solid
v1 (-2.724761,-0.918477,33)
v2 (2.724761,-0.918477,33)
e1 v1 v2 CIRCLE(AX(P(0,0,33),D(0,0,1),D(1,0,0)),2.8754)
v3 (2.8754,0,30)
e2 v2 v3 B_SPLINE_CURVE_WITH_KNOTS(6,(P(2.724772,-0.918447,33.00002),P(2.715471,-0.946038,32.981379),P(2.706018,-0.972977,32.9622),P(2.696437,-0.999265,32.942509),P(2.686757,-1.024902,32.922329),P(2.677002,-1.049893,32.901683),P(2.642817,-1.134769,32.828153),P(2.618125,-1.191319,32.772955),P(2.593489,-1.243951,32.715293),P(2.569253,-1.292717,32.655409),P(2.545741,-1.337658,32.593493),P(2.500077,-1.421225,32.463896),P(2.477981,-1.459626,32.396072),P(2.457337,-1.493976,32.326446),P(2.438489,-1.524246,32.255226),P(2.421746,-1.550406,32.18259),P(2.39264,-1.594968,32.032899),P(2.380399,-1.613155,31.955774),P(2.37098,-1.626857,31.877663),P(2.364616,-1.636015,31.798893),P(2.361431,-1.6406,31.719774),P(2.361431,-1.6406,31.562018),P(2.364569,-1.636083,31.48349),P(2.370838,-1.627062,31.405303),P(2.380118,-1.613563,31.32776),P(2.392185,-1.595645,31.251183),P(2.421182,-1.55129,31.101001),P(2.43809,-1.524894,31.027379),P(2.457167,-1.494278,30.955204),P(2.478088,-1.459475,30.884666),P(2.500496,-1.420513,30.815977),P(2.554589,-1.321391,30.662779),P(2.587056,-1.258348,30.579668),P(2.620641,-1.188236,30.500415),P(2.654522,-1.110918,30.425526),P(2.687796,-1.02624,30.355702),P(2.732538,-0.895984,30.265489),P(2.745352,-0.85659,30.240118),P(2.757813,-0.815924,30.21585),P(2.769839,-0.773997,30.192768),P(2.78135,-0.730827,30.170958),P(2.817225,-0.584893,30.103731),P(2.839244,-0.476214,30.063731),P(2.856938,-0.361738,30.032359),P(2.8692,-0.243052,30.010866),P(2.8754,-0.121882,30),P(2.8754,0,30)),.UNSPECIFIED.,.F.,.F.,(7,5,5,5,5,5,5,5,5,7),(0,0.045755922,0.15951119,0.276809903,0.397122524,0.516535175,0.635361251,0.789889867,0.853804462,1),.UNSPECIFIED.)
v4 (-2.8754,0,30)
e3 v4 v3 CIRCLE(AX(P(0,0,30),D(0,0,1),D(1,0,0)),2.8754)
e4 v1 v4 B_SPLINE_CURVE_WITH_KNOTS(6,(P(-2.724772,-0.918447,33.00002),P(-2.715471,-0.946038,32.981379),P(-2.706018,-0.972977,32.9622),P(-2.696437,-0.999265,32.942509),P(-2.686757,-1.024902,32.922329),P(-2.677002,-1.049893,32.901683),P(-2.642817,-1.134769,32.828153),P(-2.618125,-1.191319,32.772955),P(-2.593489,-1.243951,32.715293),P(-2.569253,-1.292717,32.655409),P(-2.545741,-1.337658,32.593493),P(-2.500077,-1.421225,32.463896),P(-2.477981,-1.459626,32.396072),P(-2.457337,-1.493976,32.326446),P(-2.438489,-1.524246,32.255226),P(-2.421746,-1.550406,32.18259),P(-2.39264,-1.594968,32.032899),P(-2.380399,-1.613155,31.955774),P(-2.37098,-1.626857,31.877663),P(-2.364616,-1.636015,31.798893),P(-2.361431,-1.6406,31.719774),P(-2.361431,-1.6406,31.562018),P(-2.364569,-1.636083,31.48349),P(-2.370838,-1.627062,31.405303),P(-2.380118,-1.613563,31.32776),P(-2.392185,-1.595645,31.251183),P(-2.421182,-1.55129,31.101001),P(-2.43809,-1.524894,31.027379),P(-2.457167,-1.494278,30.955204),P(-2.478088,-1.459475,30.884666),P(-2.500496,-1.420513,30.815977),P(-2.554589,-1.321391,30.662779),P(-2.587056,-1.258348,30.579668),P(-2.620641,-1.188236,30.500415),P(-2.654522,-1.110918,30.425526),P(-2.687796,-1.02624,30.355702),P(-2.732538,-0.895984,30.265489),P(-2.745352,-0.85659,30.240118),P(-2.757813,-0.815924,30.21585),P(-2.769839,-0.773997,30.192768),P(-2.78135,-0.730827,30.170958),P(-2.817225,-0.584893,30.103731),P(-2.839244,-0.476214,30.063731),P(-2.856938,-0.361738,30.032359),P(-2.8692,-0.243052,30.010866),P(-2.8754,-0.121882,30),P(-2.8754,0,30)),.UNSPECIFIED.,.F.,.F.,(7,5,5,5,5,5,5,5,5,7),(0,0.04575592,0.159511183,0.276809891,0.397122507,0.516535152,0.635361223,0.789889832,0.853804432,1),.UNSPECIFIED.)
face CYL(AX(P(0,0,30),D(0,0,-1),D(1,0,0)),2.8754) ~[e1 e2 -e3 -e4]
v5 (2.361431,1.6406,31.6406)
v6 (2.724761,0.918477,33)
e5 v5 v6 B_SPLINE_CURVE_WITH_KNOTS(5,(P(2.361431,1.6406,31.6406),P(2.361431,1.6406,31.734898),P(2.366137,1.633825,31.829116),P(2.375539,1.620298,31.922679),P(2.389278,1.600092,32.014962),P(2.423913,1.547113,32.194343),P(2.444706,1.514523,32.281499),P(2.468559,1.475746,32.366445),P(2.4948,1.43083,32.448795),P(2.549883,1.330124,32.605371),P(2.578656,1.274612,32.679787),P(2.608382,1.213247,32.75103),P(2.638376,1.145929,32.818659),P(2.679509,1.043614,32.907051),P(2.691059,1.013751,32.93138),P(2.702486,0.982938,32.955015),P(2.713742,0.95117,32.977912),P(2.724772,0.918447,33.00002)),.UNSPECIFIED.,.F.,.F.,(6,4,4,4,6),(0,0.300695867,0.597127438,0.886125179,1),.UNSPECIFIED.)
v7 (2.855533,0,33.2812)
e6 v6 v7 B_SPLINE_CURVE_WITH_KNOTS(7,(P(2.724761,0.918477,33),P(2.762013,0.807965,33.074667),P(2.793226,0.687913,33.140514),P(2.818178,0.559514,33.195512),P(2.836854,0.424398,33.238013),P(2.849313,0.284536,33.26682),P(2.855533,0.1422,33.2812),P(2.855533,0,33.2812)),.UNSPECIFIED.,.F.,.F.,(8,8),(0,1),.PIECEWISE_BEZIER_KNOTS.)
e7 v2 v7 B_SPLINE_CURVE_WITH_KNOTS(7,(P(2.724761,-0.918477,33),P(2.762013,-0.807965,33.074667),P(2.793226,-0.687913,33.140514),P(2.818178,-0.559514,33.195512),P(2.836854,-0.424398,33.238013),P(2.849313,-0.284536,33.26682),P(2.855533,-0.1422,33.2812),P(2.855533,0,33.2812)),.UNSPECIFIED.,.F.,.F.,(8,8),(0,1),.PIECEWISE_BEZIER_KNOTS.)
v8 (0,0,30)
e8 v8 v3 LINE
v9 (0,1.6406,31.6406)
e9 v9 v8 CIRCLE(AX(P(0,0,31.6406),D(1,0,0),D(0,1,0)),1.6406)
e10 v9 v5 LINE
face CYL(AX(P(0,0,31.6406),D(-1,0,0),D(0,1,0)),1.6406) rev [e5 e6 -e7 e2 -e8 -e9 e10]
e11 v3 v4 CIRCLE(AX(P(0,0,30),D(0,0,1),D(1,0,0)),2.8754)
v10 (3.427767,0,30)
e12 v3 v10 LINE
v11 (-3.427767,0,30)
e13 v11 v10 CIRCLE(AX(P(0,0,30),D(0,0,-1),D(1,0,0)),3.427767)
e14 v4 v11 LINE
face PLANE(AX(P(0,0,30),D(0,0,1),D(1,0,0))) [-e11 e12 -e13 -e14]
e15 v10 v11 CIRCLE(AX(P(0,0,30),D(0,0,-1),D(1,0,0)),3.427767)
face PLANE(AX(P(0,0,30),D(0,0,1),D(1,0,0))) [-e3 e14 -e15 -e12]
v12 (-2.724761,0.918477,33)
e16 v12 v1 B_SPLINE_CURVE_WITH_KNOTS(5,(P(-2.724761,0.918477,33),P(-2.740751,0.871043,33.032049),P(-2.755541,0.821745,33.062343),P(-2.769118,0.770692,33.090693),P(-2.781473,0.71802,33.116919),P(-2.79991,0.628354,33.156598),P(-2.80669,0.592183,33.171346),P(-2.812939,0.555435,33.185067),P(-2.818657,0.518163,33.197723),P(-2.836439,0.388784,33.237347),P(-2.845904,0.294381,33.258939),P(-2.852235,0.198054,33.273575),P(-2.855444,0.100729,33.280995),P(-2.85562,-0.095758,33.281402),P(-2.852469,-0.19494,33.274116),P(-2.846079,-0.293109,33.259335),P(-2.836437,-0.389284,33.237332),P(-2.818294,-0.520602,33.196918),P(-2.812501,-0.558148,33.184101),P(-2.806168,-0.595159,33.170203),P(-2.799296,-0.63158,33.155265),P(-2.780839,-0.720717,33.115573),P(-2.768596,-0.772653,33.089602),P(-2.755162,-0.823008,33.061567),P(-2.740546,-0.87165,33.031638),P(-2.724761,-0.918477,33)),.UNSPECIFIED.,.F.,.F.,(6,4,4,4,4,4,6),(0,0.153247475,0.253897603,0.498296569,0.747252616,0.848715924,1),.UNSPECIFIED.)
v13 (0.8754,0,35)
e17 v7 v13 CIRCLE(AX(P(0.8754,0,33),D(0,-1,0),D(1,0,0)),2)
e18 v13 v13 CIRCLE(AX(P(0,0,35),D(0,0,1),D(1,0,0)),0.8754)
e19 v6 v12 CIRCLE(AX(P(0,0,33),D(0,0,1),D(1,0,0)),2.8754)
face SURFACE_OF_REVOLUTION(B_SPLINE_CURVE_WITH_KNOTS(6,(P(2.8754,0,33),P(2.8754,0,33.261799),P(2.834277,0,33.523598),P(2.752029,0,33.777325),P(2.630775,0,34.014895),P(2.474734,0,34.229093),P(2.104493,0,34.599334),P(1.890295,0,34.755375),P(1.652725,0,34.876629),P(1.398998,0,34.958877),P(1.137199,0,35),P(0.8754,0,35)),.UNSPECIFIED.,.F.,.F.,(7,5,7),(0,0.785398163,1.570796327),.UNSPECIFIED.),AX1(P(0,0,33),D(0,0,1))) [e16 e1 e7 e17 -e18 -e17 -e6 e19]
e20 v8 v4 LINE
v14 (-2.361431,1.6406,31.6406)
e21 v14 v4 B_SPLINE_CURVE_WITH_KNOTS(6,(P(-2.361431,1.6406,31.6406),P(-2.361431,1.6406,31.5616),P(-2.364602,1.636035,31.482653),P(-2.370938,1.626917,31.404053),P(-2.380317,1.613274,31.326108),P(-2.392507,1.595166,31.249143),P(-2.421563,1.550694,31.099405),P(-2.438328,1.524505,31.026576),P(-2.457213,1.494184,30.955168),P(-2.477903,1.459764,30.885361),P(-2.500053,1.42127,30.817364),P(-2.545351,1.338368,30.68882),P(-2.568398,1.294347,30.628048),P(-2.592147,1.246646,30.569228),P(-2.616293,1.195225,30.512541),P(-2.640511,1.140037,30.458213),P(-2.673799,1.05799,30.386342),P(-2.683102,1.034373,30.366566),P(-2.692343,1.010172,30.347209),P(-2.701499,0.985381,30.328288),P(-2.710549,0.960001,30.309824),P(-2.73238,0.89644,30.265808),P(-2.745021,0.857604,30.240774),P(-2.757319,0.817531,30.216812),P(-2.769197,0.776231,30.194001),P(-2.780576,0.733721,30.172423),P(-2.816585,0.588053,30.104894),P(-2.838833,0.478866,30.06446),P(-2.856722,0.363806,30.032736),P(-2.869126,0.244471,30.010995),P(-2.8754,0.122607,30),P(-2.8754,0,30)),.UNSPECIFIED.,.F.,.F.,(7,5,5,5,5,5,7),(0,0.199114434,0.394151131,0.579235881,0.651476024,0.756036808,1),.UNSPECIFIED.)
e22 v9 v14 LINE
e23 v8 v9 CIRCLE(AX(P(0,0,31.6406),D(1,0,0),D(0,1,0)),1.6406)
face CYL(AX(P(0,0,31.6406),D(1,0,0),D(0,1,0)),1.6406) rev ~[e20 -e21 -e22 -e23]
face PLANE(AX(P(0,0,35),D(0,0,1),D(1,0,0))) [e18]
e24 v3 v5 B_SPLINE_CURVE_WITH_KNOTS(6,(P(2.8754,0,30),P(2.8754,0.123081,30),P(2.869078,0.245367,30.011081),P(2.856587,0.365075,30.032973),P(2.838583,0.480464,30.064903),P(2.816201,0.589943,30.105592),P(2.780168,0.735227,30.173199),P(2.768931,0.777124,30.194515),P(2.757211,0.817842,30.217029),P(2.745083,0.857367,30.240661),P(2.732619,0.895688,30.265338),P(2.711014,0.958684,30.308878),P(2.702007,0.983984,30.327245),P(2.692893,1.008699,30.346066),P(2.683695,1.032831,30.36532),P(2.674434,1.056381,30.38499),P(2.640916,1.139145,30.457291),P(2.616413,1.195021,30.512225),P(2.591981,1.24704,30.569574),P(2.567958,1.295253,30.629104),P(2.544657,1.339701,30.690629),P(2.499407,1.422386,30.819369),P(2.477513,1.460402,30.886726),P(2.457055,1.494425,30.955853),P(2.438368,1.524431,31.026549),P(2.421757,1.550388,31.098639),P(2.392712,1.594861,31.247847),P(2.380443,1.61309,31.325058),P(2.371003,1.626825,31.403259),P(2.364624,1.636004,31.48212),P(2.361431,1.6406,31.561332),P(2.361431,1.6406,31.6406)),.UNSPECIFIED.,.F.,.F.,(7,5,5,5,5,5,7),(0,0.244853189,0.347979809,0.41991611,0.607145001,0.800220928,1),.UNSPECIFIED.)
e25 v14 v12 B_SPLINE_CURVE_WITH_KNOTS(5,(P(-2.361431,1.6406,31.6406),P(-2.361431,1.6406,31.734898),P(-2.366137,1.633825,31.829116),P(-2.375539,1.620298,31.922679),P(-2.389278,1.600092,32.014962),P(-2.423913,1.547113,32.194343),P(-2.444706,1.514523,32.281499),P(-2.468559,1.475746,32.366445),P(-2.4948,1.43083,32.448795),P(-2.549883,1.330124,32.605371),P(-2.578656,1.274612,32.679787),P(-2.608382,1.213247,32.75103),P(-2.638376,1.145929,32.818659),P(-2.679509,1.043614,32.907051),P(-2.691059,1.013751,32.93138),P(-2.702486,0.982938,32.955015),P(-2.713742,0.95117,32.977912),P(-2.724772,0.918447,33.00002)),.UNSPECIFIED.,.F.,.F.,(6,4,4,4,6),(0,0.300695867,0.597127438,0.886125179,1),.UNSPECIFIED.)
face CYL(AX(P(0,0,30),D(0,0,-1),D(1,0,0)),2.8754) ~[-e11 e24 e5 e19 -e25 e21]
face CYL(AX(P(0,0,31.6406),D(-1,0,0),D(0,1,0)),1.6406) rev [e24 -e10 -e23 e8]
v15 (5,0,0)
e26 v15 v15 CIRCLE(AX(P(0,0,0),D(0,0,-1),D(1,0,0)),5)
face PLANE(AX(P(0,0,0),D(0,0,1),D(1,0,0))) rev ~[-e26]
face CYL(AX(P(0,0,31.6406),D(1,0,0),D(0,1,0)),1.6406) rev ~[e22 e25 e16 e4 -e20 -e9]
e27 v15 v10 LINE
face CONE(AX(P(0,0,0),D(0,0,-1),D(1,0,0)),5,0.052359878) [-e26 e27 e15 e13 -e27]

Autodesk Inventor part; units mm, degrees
ref_plane "YZ Plane" through (0, 0, 0) normal (1, 0, 0) x (0, 1, 0)
ref_plane "XZ Plane" through (0, 0, 0) normal (0, 1, 0) x (-1, 0, 0)
ref_plane "XY Plane" through (0, 0, 0) normal (0, 0, 1) x (1, 0, 0)
sketch "Sketch1" plane through (0, 0, 0) normal (0, 0, 1) x (1, 0, 0)
  circle A0 centre (0, 0) radius 5
  dimension "d0" = 10
extrude "Extrusion1" add sketch "Sketch1" along normal blind 30 draft -3
sketch "Sketch2" plane through (0, 0, 30) normal (0, 0, 1) x (1, 0, 0)
  circle A0 centre (0, 0) radius 2.8754
extrude "Extrusion2" add sketch "Sketch2" along normal blind 5
fillet "Fillet1" radius 2 1 edges at (-2.8754, 0, 35)
sketch "Sketch3" plane through (0, 0, 0) normal (1, 0, 0) x (0, 1, 0)
  circle A0 centre (0, 31.6406) radius 1.6406
  line L0 (-2.8754, 30) -> (2.8754, 30) projected
  point P0 (0, 0)
extrude "Extrusion3" cut sketch "Sketch3" along normal through all both and the other way through all
properties part number "arms"
